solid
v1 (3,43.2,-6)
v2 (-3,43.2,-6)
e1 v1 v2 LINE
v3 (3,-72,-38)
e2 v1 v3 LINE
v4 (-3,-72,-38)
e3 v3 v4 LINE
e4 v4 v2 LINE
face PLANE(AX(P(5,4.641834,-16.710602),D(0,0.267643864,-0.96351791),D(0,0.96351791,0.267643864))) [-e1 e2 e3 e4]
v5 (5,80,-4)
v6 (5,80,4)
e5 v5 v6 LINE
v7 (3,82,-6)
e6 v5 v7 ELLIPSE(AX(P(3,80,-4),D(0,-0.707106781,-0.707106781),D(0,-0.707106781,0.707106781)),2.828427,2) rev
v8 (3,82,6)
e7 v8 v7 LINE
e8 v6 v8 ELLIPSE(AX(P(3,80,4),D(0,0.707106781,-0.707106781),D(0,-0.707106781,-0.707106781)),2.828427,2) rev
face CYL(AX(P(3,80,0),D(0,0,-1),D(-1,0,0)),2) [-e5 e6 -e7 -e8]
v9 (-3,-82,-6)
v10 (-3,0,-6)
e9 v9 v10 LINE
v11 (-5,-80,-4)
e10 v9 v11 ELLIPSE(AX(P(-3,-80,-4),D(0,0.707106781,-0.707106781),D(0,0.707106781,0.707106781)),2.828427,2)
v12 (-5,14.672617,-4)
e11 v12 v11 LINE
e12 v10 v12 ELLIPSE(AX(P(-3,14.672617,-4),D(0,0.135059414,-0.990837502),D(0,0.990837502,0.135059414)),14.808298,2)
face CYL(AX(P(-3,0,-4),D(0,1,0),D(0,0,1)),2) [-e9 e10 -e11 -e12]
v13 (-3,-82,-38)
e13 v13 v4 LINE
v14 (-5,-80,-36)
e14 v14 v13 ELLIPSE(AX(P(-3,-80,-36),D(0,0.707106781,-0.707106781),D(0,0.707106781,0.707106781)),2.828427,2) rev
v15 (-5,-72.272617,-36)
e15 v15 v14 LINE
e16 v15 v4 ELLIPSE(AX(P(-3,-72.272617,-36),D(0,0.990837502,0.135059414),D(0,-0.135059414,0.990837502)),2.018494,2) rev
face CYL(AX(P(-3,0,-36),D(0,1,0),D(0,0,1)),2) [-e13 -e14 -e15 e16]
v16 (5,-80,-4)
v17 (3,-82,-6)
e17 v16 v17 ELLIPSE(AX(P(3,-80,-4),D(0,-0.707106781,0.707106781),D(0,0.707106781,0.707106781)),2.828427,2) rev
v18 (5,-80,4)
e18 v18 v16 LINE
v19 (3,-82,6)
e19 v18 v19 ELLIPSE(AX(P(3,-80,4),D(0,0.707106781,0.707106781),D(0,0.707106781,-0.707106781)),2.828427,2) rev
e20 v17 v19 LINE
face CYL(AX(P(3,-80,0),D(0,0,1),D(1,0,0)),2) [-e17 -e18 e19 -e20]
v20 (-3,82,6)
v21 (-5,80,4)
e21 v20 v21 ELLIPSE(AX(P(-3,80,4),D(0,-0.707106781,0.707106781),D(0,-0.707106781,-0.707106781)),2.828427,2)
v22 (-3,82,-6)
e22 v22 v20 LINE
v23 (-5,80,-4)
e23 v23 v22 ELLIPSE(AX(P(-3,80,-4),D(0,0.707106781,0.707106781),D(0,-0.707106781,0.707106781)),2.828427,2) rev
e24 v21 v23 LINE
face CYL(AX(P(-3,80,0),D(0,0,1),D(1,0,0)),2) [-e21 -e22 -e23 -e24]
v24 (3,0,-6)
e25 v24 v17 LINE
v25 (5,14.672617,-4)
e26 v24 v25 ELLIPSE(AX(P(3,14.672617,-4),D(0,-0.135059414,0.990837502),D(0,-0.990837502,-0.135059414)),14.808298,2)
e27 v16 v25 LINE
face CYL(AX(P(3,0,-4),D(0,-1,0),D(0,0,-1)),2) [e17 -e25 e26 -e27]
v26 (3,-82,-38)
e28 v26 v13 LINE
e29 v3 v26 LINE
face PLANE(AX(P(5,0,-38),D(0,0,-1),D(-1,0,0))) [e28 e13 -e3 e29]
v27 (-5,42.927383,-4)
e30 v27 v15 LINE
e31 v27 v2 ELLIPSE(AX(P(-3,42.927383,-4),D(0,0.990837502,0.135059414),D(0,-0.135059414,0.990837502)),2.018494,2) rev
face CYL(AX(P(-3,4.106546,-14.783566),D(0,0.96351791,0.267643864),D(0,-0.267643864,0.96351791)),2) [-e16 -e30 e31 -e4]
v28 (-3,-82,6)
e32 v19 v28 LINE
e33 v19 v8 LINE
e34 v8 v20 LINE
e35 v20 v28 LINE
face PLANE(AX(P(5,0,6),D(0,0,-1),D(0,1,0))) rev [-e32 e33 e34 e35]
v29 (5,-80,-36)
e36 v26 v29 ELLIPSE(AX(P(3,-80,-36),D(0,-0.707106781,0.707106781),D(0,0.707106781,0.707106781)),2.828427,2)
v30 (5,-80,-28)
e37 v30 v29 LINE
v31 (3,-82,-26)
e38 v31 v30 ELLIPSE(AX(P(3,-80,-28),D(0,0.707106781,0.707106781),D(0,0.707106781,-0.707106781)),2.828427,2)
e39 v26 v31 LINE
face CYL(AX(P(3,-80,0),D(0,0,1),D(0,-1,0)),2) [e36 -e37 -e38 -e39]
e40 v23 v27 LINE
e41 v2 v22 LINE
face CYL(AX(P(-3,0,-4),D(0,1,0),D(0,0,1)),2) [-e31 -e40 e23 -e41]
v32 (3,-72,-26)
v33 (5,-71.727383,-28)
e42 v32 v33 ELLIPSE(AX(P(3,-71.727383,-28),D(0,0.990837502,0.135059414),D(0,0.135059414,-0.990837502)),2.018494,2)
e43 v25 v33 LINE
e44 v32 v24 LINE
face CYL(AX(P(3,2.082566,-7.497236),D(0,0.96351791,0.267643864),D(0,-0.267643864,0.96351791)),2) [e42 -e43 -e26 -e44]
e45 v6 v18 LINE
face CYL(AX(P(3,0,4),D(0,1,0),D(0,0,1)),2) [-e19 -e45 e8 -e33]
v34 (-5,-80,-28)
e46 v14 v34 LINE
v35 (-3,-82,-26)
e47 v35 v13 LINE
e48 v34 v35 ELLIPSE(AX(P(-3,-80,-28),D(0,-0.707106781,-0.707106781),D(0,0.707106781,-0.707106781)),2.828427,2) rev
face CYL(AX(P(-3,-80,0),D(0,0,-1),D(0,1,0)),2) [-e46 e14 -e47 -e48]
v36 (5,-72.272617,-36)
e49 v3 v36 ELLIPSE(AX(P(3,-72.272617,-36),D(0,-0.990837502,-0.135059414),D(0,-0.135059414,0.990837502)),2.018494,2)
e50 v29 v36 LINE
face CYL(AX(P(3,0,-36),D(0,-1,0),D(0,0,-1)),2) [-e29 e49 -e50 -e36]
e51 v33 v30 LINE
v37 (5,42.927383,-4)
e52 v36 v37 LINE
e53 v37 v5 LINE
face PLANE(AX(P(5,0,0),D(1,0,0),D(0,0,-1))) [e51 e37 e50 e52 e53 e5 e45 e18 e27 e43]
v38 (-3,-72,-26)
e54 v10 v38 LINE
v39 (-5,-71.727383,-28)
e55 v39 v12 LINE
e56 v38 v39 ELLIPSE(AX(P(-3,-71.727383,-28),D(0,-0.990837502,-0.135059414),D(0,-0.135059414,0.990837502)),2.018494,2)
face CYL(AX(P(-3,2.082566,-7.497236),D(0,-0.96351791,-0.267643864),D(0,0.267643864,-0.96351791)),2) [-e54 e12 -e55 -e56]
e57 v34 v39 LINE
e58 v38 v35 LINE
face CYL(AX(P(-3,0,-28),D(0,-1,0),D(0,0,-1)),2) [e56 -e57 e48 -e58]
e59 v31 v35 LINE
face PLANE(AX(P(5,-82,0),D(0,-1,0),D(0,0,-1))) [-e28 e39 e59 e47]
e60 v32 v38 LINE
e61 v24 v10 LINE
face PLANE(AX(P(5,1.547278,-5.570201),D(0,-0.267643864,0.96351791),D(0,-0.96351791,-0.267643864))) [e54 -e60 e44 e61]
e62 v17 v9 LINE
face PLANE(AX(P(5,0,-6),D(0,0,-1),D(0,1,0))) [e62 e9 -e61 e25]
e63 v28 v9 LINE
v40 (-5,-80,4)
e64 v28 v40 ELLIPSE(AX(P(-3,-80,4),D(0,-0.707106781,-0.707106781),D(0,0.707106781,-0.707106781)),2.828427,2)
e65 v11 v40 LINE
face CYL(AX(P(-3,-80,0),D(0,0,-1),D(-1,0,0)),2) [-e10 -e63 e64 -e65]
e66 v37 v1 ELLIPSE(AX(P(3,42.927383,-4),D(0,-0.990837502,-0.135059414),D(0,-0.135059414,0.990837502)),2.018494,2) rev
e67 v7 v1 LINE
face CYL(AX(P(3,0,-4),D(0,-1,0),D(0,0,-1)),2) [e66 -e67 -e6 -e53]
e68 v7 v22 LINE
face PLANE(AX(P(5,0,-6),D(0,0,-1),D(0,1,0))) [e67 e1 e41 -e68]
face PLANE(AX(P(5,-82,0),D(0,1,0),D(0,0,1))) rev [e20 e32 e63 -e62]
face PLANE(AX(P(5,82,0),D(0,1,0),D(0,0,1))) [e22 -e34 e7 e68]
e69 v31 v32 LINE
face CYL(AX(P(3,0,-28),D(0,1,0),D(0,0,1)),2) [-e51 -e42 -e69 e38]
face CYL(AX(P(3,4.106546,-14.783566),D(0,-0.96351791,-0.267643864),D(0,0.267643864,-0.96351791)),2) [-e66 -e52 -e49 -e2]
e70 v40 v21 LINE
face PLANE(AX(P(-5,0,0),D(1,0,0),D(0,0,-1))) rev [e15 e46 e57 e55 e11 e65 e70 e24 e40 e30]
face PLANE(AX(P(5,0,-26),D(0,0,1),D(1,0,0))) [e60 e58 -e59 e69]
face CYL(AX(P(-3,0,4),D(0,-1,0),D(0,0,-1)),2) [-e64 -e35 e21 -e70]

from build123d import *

# Parameters (mm, degrees)
SKETCH1_W           = 12
SKETCH1_H           = 164
BOSS_EXTRUDE1_DEPTH = 5
FILLET1_R           = 2


with BuildPart() as part:
    # Sketch1 → Boss-Extrude1 (new, symmetric)
    with BuildSketch(Plane(origin=(0, 0, 0), x_dir=(0, 0, -1), z_dir=(1, 0, 0))):
        Polygon((38, -72), (6, 43.2), (6, 0), (26, -72), (26, -82), (38, -82), align=None)
        Rectangle(SKETCH1_W, SKETCH1_H)
    extrude(amount=BOSS_EXTRUDE1_DEPTH, both=True)

    # Fillet1
    fillet1_edges = [part.edges().sort_by_distance(p)[0] for p in [
        (5, -77, -26),
        (-5, -41, -6),
        (-5, -82, 0),
        (-5, 0, 6),
        (-5, 82, 0),
        (-5, 62.6, -6),
        (-5, -14.4, -22),
        (-5, -77, -38),
        (5, -82, -32),
        (-5, -82, -32),
        (-5, -77, -26),
        (-5, -36, -16),
        (5, -77, -38),
        (5, -14.4, -22),
        (5, 62.6, -6),
        (5, 82, 0),
        (5, 0, 6),
        (5, -82, 0),
        (5, -36, -16),
        (5, -41, -6),
    ]]
    fillet(fillet1_edges, radius=FILLET1_R)


solid = part.part
